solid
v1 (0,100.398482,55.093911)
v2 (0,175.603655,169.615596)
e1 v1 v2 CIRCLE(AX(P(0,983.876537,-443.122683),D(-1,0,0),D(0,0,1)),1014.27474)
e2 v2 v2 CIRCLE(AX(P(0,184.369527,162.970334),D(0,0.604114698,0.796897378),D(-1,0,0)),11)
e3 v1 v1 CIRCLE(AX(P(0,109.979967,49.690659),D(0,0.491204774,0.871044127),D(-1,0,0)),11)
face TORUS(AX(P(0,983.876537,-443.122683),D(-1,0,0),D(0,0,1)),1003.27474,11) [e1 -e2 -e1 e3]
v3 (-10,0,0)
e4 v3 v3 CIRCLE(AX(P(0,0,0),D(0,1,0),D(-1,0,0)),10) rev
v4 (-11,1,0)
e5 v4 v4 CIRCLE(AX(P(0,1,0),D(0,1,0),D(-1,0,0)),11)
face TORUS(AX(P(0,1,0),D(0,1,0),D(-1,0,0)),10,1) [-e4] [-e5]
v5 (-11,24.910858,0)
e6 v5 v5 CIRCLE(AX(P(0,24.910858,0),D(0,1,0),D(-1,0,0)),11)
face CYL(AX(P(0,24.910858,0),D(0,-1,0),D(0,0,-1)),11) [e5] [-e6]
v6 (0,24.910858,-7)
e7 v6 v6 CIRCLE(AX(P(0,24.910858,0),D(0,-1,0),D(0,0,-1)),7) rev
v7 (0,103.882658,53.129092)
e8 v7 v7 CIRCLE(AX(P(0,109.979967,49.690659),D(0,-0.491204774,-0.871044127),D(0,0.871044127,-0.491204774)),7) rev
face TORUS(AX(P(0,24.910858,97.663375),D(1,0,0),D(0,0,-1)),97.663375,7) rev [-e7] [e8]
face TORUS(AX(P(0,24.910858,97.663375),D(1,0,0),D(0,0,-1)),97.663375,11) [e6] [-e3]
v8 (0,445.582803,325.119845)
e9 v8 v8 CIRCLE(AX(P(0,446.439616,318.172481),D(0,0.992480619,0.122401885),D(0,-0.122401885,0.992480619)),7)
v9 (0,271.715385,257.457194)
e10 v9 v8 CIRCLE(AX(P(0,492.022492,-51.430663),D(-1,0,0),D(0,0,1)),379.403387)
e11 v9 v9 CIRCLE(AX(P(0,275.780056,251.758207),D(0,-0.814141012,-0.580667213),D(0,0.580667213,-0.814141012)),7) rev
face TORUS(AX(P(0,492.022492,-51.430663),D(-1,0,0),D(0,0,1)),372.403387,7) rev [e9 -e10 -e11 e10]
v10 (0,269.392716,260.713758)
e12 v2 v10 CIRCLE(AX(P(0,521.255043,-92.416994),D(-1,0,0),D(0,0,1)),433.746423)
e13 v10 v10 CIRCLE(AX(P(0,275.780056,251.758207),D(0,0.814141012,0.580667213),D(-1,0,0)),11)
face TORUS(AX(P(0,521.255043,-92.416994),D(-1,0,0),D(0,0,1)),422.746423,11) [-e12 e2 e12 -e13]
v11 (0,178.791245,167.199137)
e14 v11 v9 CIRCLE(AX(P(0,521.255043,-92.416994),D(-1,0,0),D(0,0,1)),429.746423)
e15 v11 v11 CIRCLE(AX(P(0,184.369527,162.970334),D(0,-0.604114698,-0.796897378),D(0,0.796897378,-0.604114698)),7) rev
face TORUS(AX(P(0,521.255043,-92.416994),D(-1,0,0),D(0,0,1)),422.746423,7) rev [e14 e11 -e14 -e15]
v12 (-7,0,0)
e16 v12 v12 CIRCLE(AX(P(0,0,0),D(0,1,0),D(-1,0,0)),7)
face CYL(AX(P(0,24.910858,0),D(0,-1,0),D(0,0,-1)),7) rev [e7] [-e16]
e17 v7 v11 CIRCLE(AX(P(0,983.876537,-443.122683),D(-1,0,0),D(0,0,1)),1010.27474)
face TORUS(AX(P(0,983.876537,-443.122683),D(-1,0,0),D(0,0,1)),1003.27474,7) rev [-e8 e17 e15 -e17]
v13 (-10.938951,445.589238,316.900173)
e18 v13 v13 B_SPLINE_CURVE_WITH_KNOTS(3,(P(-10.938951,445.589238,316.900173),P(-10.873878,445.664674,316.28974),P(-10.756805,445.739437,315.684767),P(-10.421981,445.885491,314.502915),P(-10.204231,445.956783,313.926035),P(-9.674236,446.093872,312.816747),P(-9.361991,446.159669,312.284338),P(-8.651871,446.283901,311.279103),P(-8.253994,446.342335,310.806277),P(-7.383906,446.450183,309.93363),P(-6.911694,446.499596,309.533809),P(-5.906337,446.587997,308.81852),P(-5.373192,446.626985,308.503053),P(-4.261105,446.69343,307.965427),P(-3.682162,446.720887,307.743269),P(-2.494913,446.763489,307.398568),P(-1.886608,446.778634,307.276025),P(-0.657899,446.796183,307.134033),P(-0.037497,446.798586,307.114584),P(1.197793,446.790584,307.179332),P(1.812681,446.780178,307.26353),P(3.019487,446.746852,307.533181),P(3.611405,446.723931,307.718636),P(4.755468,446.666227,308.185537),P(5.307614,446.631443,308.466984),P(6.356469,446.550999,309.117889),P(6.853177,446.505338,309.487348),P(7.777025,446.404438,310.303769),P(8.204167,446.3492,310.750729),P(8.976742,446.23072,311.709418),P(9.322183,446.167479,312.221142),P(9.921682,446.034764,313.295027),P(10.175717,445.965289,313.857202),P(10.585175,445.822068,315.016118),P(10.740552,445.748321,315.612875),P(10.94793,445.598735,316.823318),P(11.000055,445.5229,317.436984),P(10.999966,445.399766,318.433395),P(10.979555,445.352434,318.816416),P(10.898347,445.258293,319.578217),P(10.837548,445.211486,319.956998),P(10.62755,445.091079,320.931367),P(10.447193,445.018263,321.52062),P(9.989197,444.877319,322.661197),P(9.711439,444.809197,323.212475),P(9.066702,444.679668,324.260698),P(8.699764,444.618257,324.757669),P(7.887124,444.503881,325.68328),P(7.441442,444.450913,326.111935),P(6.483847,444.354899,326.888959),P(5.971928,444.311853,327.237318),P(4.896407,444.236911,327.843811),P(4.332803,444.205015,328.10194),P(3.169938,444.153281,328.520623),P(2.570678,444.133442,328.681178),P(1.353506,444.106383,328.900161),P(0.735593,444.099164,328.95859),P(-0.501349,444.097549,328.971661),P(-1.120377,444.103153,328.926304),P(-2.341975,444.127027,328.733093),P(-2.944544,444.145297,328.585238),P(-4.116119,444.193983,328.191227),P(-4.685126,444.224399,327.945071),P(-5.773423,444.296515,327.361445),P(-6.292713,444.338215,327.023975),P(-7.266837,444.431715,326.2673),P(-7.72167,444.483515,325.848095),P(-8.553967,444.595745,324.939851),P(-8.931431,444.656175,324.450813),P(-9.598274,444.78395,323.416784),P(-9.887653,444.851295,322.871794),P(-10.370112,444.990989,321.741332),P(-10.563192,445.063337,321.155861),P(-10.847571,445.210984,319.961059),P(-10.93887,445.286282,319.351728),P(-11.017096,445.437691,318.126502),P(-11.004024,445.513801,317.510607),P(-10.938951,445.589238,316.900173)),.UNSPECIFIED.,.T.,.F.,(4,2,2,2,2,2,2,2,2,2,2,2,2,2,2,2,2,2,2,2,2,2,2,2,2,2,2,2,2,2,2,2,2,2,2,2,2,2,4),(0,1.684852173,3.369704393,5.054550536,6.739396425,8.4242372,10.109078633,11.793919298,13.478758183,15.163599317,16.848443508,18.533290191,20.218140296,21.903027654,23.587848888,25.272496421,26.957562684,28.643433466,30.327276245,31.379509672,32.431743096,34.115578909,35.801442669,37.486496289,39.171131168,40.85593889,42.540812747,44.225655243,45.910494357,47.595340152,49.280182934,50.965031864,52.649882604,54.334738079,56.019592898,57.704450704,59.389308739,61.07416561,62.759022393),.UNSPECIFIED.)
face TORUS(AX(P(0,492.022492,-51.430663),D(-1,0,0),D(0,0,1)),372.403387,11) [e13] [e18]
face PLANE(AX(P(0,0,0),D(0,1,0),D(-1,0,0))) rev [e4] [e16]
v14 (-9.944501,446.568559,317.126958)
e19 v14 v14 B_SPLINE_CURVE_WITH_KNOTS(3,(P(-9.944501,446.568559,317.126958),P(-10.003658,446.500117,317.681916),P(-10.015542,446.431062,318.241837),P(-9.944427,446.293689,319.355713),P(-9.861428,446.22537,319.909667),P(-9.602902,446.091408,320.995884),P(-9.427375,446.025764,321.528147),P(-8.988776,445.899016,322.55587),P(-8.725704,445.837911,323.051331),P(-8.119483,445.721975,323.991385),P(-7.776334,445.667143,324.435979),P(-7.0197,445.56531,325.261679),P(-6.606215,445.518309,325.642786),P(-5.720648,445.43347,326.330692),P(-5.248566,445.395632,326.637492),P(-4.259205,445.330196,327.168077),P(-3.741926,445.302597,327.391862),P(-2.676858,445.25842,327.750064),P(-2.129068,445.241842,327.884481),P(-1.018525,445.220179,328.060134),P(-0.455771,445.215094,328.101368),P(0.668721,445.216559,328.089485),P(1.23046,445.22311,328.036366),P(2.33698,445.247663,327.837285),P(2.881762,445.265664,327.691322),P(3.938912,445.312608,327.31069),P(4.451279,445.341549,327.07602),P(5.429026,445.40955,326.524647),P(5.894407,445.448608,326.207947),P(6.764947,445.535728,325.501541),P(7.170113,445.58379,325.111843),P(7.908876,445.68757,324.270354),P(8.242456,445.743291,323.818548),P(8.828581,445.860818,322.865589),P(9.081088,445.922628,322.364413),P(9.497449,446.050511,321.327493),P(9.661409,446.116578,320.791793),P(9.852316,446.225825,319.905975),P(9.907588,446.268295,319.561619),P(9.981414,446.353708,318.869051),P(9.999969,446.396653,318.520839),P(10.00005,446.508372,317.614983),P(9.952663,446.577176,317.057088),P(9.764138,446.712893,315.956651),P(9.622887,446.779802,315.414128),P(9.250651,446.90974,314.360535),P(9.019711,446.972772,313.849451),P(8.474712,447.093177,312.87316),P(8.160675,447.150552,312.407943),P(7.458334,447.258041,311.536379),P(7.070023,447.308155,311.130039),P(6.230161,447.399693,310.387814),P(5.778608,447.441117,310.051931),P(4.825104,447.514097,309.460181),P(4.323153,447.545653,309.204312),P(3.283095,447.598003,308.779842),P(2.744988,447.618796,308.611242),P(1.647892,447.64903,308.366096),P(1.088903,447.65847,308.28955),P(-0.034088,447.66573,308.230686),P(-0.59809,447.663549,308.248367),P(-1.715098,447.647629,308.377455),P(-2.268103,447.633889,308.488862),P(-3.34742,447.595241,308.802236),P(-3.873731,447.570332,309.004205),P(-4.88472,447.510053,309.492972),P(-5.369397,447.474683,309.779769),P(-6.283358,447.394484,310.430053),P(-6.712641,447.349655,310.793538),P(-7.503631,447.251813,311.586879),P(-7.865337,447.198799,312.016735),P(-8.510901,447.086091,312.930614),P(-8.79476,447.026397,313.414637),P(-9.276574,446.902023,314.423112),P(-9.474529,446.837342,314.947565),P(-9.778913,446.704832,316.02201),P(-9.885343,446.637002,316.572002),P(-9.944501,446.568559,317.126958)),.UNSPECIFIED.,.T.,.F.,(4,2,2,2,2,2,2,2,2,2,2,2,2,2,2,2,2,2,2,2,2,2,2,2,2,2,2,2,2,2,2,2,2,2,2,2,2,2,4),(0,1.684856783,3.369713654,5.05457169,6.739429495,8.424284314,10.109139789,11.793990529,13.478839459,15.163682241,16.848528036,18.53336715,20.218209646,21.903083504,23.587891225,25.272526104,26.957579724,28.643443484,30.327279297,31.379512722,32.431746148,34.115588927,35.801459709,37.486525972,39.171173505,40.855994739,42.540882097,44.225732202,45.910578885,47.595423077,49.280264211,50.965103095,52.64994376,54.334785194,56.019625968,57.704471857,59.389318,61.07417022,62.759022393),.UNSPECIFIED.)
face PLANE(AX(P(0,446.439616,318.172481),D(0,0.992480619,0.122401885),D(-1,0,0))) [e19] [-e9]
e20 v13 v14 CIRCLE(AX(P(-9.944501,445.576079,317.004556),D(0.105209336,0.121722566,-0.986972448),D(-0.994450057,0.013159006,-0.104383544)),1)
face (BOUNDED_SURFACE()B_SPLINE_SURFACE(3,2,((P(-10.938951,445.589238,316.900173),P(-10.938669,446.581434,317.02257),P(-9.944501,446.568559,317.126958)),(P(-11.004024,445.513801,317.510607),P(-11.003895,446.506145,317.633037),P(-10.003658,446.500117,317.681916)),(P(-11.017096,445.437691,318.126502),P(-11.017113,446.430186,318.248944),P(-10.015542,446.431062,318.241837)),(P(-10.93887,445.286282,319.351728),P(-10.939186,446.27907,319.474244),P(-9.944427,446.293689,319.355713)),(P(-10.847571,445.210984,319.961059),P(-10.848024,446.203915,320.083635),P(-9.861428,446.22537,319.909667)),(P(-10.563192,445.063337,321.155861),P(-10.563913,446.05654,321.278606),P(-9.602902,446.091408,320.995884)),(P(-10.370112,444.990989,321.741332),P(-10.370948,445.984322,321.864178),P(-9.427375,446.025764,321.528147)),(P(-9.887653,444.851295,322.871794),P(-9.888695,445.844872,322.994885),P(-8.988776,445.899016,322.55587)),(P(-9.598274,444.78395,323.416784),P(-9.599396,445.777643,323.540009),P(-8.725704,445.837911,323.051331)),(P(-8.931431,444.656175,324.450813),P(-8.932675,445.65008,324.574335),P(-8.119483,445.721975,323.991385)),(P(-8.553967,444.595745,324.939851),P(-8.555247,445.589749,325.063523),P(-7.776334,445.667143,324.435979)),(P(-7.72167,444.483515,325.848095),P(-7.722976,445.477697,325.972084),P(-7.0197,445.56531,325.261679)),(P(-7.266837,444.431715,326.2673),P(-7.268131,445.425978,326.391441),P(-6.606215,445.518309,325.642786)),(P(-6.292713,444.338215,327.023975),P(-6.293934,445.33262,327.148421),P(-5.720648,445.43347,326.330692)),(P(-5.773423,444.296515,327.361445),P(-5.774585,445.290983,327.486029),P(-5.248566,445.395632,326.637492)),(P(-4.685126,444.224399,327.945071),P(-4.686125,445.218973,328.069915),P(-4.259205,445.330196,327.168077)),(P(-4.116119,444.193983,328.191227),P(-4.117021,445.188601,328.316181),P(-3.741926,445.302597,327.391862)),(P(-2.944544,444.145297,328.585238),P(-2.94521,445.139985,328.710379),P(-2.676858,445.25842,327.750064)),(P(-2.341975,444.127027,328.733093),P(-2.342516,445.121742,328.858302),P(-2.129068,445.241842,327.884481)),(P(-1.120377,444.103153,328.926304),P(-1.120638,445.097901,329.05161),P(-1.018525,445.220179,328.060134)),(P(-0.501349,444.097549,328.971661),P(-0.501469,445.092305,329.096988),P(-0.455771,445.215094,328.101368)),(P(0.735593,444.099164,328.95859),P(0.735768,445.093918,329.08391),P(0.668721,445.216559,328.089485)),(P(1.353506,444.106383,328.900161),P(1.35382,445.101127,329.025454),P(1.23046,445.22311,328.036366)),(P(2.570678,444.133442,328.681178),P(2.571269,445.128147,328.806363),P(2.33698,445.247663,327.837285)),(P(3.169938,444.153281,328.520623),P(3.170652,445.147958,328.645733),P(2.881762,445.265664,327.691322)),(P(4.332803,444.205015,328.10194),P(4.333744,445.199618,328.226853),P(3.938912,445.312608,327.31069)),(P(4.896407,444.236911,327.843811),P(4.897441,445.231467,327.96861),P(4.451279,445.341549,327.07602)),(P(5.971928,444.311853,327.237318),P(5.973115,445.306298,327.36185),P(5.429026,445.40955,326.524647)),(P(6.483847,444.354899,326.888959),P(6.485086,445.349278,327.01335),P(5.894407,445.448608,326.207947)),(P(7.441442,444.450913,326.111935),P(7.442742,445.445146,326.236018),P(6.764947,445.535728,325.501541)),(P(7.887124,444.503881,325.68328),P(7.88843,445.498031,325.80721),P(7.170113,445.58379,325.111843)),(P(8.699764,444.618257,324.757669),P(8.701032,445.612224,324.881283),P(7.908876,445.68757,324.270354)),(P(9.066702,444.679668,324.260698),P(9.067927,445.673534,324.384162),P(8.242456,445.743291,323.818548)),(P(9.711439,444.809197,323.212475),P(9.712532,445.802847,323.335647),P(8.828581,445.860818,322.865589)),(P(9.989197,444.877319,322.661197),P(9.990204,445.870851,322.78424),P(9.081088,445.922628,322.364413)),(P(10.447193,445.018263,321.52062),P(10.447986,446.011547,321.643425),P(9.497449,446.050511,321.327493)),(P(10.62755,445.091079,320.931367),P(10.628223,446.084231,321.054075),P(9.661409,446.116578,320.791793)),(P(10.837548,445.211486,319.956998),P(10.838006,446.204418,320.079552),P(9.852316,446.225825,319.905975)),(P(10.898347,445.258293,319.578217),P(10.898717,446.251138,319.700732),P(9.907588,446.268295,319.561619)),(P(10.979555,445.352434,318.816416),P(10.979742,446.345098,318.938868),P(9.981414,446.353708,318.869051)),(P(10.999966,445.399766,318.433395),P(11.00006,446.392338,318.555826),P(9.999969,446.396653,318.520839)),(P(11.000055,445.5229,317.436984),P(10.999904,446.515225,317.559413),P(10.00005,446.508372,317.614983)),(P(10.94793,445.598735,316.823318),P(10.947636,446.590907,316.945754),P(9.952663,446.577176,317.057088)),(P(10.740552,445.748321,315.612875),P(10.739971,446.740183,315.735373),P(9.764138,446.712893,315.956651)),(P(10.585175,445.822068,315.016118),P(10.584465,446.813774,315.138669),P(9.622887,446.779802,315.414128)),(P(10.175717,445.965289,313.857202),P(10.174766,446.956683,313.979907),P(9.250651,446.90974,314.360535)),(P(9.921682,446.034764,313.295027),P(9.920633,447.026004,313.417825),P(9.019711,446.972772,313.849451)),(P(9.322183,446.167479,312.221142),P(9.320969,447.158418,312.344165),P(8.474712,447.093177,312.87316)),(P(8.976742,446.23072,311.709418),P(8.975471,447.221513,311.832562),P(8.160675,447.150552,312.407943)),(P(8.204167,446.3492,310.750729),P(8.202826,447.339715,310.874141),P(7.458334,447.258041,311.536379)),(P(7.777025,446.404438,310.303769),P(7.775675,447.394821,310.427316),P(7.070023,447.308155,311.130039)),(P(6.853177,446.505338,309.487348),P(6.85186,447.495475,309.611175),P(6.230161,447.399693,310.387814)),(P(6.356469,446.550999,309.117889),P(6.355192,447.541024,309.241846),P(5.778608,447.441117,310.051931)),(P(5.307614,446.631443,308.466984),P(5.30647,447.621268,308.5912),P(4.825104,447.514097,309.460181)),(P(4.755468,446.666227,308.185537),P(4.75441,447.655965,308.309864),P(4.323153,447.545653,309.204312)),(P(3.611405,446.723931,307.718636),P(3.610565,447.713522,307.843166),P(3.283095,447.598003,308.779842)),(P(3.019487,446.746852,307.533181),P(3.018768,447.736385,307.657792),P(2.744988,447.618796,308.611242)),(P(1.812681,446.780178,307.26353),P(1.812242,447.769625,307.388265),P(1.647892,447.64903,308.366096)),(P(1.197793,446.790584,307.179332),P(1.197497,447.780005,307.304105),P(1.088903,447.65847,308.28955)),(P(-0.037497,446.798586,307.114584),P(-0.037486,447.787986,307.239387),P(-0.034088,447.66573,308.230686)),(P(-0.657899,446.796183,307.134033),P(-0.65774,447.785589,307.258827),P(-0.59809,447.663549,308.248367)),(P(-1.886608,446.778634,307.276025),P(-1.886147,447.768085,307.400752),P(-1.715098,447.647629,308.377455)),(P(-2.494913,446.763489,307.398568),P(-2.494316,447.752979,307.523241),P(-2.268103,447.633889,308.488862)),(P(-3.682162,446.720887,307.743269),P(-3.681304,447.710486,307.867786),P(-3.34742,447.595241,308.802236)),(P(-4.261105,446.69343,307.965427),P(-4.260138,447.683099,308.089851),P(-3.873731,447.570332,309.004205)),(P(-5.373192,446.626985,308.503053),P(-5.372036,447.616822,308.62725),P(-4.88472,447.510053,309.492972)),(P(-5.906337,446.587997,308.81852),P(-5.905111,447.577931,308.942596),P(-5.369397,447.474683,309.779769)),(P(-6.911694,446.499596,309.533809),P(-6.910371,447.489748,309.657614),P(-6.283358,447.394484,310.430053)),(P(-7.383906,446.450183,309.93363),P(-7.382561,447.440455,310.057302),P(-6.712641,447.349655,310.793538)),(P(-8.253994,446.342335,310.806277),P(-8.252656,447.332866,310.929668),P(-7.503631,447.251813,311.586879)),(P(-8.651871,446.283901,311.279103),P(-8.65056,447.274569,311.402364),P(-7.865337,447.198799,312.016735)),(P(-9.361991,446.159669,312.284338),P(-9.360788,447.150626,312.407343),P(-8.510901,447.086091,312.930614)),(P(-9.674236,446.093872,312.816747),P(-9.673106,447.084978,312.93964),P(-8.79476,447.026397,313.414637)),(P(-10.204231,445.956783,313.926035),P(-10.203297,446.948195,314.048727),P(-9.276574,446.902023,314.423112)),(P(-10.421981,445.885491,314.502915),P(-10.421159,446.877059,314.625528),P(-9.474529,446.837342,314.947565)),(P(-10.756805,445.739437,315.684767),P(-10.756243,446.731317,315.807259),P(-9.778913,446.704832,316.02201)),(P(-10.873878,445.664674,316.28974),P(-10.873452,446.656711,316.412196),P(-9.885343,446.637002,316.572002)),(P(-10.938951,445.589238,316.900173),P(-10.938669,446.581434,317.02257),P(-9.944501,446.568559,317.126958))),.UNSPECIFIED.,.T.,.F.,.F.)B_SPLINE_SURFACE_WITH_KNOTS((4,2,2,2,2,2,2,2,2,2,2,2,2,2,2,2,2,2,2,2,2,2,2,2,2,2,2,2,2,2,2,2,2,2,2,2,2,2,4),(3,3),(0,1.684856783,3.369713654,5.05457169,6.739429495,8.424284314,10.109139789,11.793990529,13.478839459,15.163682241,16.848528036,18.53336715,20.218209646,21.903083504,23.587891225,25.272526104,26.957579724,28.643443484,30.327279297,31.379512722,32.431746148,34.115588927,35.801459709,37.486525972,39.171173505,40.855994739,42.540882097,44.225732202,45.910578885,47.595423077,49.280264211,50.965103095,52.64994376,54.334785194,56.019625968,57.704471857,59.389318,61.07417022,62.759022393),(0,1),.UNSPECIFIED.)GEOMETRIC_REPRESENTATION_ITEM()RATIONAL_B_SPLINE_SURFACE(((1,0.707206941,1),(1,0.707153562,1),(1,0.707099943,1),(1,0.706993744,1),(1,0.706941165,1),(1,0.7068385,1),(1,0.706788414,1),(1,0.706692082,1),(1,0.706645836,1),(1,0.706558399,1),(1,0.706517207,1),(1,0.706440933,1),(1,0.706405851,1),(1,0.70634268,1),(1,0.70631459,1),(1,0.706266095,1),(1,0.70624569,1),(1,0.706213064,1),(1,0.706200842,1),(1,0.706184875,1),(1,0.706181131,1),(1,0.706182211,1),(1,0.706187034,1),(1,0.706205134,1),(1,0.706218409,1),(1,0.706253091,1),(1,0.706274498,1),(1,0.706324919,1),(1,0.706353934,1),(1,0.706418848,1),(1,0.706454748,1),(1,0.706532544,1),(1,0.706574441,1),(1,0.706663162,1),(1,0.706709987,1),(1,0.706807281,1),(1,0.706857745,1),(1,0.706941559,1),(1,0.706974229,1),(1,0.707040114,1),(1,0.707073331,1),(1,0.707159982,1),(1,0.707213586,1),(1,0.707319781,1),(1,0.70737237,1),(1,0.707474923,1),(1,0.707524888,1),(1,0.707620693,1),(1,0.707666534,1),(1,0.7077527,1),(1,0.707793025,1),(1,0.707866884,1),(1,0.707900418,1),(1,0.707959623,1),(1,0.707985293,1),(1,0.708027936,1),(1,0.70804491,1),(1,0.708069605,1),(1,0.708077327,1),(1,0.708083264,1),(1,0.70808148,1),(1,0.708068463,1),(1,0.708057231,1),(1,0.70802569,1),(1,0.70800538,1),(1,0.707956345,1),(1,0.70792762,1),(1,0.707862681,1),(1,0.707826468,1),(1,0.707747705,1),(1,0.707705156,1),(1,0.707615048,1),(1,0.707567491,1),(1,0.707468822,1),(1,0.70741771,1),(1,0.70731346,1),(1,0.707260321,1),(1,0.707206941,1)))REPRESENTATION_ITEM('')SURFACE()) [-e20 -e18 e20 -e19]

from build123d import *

# Parameters (mm, degrees)
CROQUIS11_R = 11
VACIADO5_T  = -4
REDONDEO3_R = 1


with BuildPart() as part:
    # Barrer4: sweep along a path in Croquis10
    with BuildLine(Plane(origin=(0, 0, 0), x_dir=(0, 0, -1), z_dir=(-1, 0, 0))) as barrer4_path:
        Line((0, 0), (0, -24.910858202))
        ThreePointArc((0, -24.910858202), (-13.332739449, -74.170158996), (-49.690658823, -109.979967076))
        ThreePointArc((-49.690658823, -109.979967076), (-107.587992383, -145.259844558), (-162.97033395, -184.369526621))
        ThreePointArc((-162.97033395, -184.369526621), (-210.828414492, -226.710036816), (-251.758207116, -275.780055692))
        ThreePointArc((-251.758207116, -275.780055692), (-295.61896572, -356.963847424), (-318.172480576, -446.439615948))
    # Croquis11 → Barrer4 (sweep)
    with BuildSketch(Plane(origin=(0, 0, 0), x_dir=(-1, 0, 0), z_dir=(0, 1, 0))):
        Circle(CROQUIS11_R)
    sweep(path=barrer4_path.line)

    # Vaciado5
    vaciado5_openings = [part.faces().sort_by_distance(p)[0] for p in [
        (0, 446.439615948, 318.172480576),
        (0, 0, 0),
    ]]
    offset(amount=VACIADO5_T, openings=vaciado5_openings, kind=Kind.INTERSECTION)

    # Redondeo3
    redondeo3_edges = [part.edges().sort_by_distance(p)[0] for p in [
        (11, 0, 0),
        (11, 446.439615948, 318.172480576),
    ]]
    fillet(redondeo3_edges, radius=REDONDEO3_R)


solid = part.part
